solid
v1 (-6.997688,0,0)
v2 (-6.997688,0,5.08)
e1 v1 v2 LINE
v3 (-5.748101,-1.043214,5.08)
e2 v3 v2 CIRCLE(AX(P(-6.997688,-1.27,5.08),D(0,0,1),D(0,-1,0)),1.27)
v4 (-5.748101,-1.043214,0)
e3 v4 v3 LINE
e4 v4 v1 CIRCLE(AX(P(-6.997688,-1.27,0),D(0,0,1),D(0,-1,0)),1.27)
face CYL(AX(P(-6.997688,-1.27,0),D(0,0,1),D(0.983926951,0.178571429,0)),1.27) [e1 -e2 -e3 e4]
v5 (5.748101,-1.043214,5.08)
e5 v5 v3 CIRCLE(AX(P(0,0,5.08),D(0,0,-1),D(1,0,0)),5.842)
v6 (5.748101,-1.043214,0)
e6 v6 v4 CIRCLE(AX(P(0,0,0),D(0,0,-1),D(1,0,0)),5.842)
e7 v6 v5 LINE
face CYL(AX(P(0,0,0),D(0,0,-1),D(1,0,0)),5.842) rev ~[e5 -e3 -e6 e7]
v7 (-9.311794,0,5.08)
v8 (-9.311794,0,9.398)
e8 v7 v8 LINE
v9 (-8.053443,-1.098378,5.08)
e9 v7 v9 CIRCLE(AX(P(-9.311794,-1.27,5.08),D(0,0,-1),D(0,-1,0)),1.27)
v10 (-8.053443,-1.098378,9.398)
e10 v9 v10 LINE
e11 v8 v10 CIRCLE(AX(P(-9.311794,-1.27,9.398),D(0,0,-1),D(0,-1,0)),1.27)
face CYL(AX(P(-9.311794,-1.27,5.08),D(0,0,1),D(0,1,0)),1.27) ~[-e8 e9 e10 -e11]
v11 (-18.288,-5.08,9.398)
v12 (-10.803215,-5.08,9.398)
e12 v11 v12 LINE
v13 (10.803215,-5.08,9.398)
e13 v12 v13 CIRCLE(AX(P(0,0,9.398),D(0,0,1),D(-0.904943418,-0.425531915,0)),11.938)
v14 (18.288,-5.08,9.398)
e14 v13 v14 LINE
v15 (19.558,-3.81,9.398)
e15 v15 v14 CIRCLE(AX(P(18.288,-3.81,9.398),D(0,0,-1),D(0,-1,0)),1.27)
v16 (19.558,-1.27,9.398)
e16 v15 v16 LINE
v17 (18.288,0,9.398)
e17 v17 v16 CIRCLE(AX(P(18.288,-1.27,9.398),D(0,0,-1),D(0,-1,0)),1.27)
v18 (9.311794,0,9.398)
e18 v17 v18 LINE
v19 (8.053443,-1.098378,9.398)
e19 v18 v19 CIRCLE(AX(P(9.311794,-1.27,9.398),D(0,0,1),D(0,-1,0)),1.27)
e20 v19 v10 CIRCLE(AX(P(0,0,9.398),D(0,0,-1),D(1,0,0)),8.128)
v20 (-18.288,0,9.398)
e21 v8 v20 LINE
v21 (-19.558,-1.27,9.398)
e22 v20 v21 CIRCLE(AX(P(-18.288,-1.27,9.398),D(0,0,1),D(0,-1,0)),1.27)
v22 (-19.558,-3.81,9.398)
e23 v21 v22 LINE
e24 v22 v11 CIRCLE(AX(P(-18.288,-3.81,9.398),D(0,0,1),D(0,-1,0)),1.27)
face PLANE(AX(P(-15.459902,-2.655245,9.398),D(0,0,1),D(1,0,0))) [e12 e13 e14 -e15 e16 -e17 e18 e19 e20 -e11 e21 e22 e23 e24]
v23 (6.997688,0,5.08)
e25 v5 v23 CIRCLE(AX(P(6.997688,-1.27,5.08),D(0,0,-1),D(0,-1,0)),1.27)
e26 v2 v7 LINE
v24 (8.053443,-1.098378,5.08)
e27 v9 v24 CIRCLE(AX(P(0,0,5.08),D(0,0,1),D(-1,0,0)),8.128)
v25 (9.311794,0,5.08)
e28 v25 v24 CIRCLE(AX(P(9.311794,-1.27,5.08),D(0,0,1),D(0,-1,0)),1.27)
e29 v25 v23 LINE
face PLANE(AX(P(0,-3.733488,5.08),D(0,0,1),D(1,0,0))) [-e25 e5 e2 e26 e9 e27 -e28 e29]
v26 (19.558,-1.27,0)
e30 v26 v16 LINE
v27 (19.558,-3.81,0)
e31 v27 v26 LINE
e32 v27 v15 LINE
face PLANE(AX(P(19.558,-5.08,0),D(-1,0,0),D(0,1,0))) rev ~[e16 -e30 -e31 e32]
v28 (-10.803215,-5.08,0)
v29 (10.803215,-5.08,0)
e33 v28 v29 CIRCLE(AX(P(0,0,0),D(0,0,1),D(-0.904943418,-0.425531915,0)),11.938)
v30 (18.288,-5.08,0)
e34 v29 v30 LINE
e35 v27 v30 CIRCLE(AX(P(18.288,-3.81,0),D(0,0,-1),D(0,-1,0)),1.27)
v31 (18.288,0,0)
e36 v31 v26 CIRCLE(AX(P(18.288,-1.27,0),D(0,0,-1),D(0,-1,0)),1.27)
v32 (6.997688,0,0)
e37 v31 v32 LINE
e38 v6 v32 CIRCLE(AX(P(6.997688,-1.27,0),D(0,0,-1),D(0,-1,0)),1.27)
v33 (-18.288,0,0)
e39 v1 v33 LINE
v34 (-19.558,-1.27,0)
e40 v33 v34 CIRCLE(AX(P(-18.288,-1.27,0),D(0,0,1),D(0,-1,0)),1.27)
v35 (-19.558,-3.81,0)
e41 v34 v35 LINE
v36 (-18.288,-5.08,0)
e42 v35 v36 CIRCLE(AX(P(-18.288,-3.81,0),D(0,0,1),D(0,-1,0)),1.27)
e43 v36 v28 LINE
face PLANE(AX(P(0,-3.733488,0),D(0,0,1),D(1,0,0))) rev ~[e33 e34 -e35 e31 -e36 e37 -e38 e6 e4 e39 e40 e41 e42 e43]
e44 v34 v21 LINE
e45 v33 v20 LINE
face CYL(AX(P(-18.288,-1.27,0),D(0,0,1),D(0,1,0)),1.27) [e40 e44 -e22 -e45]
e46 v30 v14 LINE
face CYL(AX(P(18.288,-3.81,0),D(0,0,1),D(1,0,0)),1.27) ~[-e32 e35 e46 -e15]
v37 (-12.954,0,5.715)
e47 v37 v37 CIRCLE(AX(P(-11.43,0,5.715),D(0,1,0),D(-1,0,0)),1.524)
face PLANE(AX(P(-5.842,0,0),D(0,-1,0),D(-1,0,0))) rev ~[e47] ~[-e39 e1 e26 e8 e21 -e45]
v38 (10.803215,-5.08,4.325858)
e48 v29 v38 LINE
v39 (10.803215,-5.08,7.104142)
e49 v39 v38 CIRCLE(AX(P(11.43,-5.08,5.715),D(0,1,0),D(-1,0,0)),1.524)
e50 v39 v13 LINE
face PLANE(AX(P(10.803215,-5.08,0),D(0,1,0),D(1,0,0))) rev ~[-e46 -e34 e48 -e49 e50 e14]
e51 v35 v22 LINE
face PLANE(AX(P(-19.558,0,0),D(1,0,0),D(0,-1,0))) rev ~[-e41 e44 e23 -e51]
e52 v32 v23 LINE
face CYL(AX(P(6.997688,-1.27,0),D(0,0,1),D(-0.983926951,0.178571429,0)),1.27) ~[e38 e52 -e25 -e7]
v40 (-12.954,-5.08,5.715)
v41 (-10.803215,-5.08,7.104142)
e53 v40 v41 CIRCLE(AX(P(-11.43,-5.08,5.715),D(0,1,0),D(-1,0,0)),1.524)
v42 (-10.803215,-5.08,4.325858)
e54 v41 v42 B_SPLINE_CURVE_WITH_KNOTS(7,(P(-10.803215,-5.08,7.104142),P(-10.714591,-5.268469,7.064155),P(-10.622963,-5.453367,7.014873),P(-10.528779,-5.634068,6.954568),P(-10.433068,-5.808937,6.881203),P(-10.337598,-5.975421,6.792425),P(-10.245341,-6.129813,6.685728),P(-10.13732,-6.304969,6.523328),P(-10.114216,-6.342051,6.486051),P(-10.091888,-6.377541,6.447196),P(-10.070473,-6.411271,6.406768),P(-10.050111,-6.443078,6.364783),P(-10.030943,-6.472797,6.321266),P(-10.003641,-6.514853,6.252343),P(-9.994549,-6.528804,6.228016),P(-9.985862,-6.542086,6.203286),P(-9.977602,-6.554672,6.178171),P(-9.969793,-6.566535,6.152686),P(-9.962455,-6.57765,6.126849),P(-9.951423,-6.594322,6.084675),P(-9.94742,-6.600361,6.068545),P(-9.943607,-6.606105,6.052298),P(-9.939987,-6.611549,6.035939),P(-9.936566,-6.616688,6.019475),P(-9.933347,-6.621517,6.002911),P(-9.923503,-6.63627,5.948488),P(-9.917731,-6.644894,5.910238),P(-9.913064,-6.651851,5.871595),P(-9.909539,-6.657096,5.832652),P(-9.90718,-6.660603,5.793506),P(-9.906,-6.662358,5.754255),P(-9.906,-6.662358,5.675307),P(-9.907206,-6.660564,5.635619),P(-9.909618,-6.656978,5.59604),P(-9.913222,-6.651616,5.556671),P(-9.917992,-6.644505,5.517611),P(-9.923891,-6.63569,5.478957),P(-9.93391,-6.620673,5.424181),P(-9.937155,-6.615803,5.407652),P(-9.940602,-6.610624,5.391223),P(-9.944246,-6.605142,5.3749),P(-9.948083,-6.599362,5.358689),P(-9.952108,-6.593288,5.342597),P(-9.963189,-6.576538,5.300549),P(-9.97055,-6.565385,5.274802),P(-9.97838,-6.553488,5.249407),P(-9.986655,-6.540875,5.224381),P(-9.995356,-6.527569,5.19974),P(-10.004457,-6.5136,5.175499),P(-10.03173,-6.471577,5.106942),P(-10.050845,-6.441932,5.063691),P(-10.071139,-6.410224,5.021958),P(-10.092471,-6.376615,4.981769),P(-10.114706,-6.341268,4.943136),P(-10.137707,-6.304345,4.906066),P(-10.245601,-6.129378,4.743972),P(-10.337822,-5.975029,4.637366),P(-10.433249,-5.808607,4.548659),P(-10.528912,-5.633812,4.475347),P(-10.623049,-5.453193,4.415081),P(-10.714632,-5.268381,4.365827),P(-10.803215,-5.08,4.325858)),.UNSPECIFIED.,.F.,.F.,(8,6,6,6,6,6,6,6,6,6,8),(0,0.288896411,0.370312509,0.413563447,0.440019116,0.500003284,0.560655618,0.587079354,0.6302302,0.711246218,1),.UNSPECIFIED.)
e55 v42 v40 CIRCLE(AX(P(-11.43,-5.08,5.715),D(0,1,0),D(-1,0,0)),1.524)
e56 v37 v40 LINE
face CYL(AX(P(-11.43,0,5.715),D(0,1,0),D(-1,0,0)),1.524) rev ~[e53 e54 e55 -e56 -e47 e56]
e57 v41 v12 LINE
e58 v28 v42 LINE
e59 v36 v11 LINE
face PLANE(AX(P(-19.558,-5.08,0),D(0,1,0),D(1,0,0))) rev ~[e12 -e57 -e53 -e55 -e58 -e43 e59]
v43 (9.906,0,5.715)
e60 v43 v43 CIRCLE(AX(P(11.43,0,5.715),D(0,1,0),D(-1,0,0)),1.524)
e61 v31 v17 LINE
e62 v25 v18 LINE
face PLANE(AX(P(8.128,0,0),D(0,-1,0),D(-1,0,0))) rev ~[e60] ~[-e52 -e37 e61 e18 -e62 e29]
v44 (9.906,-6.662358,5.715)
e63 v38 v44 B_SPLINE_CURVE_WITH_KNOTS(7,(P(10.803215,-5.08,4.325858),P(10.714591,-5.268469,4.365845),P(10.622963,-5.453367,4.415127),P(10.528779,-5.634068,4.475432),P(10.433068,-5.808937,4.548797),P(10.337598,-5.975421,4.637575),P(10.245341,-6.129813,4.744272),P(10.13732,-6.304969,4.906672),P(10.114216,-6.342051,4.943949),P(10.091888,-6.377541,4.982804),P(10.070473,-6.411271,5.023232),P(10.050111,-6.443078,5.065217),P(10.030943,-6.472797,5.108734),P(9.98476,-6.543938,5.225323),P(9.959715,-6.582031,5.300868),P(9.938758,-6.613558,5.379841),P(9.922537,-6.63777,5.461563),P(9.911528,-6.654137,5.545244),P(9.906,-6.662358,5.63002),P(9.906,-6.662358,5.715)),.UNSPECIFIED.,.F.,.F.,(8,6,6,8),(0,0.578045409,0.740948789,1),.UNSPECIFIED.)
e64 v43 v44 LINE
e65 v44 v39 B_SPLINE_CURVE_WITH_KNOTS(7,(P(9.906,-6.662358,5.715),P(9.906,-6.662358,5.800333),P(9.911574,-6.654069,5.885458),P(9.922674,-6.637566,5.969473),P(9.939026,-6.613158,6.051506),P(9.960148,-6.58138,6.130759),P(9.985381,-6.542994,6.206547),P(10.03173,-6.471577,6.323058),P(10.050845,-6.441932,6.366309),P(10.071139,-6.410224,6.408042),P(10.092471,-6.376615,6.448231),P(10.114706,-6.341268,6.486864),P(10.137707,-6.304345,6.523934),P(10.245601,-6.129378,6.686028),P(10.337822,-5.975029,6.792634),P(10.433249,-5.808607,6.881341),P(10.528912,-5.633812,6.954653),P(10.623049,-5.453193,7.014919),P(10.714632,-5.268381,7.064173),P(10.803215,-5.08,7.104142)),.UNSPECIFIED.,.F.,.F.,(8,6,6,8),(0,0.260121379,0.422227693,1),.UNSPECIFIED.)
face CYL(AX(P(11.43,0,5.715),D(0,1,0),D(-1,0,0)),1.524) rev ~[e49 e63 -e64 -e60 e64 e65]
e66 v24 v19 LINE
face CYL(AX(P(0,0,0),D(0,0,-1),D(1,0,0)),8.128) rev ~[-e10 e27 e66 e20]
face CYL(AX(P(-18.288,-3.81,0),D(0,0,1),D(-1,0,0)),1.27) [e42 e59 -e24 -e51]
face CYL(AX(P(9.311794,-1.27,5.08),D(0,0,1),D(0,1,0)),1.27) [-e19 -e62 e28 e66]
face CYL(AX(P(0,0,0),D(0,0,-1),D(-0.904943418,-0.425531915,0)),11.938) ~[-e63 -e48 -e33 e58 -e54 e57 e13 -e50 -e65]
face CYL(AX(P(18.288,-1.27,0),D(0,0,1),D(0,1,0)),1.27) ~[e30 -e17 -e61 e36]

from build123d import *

# Parameters (mm, degrees)
F1_DEPTH = 9.398
F2_DEPTH = 5.08
F3_R     = 1.524
F4_DEPTH = 6.6633576407
F5_R     = 1.27


with BuildPart() as f1:
    # F0 (on Top) → F1 (new body)
    with BuildSketch(Plane.XY):
        with BuildLine():
            ThreePointArc((-10.8032145216, -5.08), (-11.6508501612, -2.6026014909), (-11.938, 0))
            Line((-11.938, 0), (-19.558, 0))
            Line((-19.558, 0), (-19.558, -5.08))
            Line((-19.558, -5.08), (-10.8032145216, -5.08))
        make_face()
        with BuildLine():
            ThreePointArc((8.128, 0), (0, -8.128), (-8.128, 0))
            Line((-8.128, 0), (-11.938, 0))
            ThreePointArc((-11.938, 0), (-11.6508501612, -2.6026014909), (-10.8032145216, -5.08))
            ThreePointArc((-10.8032145216, -5.08), (0, -11.938), (10.8032145216, -5.08))
            ThreePointArc((10.8032145216, -5.08), (11.6508501612, -2.6026014909), (11.938, 0))
            Line((11.938, 0), (8.128, 0))
        make_face()
        with BuildLine():
            Line((19.558, 0), (11.938, 0))
            ThreePointArc((11.938, 0), (11.6508501612, -2.6026014909), (10.8032145216, -5.08))
            Line((10.8032145216, -5.08), (19.558, -5.08))
            Line((19.558, -5.08), (19.558, 0))
        make_face()
    extrude(amount=F1_DEPTH)

    # F0 (on Top) → F2 (join)
    with BuildSketch(Plane.XY):
        with BuildLine():
            ThreePointArc((5.842, 0), (0, -5.842), (-5.842, 0))
            Line((-5.842, 0), (-8.128, 0))
            ThreePointArc((-8.128, 0), (0, -8.128), (8.128, 0))
            Line((8.128, 0), (5.842, 0))
        make_face()
    extrude(amount=F2_DEPTH)

    # F3 (on face) → F4 (cut, through all)
    with BuildSketch(Plane(origin=(0, 0, 0), x_dir=(-1, 0, 0), z_dir=(0, 1, 0))):
        with Locations((-11.43, 5.715)):
            Circle(F3_R)
        with Locations((11.43, 5.715)):
            Circle(F3_R)
    extrude(amount=-F4_DEPTH, mode=Mode.SUBTRACT)

    # F5
    f5_edges = [f1.edges().sort_by_distance(p)[0] for p in [
        (5.842, 0, 2.54),
        (-5.842, 0, 2.54),
        (8.128, 0, 7.239),
        (-8.128, 0, 7.239),
        (19.558, 0, 4.699),
        (19.558, -5.08, 4.699),
        (-19.558, 0, 4.699),
        (-19.558, -5.08, 4.699),
    ]]
    fillet(f5_edges, radius=F5_R)


solid = f1.part
